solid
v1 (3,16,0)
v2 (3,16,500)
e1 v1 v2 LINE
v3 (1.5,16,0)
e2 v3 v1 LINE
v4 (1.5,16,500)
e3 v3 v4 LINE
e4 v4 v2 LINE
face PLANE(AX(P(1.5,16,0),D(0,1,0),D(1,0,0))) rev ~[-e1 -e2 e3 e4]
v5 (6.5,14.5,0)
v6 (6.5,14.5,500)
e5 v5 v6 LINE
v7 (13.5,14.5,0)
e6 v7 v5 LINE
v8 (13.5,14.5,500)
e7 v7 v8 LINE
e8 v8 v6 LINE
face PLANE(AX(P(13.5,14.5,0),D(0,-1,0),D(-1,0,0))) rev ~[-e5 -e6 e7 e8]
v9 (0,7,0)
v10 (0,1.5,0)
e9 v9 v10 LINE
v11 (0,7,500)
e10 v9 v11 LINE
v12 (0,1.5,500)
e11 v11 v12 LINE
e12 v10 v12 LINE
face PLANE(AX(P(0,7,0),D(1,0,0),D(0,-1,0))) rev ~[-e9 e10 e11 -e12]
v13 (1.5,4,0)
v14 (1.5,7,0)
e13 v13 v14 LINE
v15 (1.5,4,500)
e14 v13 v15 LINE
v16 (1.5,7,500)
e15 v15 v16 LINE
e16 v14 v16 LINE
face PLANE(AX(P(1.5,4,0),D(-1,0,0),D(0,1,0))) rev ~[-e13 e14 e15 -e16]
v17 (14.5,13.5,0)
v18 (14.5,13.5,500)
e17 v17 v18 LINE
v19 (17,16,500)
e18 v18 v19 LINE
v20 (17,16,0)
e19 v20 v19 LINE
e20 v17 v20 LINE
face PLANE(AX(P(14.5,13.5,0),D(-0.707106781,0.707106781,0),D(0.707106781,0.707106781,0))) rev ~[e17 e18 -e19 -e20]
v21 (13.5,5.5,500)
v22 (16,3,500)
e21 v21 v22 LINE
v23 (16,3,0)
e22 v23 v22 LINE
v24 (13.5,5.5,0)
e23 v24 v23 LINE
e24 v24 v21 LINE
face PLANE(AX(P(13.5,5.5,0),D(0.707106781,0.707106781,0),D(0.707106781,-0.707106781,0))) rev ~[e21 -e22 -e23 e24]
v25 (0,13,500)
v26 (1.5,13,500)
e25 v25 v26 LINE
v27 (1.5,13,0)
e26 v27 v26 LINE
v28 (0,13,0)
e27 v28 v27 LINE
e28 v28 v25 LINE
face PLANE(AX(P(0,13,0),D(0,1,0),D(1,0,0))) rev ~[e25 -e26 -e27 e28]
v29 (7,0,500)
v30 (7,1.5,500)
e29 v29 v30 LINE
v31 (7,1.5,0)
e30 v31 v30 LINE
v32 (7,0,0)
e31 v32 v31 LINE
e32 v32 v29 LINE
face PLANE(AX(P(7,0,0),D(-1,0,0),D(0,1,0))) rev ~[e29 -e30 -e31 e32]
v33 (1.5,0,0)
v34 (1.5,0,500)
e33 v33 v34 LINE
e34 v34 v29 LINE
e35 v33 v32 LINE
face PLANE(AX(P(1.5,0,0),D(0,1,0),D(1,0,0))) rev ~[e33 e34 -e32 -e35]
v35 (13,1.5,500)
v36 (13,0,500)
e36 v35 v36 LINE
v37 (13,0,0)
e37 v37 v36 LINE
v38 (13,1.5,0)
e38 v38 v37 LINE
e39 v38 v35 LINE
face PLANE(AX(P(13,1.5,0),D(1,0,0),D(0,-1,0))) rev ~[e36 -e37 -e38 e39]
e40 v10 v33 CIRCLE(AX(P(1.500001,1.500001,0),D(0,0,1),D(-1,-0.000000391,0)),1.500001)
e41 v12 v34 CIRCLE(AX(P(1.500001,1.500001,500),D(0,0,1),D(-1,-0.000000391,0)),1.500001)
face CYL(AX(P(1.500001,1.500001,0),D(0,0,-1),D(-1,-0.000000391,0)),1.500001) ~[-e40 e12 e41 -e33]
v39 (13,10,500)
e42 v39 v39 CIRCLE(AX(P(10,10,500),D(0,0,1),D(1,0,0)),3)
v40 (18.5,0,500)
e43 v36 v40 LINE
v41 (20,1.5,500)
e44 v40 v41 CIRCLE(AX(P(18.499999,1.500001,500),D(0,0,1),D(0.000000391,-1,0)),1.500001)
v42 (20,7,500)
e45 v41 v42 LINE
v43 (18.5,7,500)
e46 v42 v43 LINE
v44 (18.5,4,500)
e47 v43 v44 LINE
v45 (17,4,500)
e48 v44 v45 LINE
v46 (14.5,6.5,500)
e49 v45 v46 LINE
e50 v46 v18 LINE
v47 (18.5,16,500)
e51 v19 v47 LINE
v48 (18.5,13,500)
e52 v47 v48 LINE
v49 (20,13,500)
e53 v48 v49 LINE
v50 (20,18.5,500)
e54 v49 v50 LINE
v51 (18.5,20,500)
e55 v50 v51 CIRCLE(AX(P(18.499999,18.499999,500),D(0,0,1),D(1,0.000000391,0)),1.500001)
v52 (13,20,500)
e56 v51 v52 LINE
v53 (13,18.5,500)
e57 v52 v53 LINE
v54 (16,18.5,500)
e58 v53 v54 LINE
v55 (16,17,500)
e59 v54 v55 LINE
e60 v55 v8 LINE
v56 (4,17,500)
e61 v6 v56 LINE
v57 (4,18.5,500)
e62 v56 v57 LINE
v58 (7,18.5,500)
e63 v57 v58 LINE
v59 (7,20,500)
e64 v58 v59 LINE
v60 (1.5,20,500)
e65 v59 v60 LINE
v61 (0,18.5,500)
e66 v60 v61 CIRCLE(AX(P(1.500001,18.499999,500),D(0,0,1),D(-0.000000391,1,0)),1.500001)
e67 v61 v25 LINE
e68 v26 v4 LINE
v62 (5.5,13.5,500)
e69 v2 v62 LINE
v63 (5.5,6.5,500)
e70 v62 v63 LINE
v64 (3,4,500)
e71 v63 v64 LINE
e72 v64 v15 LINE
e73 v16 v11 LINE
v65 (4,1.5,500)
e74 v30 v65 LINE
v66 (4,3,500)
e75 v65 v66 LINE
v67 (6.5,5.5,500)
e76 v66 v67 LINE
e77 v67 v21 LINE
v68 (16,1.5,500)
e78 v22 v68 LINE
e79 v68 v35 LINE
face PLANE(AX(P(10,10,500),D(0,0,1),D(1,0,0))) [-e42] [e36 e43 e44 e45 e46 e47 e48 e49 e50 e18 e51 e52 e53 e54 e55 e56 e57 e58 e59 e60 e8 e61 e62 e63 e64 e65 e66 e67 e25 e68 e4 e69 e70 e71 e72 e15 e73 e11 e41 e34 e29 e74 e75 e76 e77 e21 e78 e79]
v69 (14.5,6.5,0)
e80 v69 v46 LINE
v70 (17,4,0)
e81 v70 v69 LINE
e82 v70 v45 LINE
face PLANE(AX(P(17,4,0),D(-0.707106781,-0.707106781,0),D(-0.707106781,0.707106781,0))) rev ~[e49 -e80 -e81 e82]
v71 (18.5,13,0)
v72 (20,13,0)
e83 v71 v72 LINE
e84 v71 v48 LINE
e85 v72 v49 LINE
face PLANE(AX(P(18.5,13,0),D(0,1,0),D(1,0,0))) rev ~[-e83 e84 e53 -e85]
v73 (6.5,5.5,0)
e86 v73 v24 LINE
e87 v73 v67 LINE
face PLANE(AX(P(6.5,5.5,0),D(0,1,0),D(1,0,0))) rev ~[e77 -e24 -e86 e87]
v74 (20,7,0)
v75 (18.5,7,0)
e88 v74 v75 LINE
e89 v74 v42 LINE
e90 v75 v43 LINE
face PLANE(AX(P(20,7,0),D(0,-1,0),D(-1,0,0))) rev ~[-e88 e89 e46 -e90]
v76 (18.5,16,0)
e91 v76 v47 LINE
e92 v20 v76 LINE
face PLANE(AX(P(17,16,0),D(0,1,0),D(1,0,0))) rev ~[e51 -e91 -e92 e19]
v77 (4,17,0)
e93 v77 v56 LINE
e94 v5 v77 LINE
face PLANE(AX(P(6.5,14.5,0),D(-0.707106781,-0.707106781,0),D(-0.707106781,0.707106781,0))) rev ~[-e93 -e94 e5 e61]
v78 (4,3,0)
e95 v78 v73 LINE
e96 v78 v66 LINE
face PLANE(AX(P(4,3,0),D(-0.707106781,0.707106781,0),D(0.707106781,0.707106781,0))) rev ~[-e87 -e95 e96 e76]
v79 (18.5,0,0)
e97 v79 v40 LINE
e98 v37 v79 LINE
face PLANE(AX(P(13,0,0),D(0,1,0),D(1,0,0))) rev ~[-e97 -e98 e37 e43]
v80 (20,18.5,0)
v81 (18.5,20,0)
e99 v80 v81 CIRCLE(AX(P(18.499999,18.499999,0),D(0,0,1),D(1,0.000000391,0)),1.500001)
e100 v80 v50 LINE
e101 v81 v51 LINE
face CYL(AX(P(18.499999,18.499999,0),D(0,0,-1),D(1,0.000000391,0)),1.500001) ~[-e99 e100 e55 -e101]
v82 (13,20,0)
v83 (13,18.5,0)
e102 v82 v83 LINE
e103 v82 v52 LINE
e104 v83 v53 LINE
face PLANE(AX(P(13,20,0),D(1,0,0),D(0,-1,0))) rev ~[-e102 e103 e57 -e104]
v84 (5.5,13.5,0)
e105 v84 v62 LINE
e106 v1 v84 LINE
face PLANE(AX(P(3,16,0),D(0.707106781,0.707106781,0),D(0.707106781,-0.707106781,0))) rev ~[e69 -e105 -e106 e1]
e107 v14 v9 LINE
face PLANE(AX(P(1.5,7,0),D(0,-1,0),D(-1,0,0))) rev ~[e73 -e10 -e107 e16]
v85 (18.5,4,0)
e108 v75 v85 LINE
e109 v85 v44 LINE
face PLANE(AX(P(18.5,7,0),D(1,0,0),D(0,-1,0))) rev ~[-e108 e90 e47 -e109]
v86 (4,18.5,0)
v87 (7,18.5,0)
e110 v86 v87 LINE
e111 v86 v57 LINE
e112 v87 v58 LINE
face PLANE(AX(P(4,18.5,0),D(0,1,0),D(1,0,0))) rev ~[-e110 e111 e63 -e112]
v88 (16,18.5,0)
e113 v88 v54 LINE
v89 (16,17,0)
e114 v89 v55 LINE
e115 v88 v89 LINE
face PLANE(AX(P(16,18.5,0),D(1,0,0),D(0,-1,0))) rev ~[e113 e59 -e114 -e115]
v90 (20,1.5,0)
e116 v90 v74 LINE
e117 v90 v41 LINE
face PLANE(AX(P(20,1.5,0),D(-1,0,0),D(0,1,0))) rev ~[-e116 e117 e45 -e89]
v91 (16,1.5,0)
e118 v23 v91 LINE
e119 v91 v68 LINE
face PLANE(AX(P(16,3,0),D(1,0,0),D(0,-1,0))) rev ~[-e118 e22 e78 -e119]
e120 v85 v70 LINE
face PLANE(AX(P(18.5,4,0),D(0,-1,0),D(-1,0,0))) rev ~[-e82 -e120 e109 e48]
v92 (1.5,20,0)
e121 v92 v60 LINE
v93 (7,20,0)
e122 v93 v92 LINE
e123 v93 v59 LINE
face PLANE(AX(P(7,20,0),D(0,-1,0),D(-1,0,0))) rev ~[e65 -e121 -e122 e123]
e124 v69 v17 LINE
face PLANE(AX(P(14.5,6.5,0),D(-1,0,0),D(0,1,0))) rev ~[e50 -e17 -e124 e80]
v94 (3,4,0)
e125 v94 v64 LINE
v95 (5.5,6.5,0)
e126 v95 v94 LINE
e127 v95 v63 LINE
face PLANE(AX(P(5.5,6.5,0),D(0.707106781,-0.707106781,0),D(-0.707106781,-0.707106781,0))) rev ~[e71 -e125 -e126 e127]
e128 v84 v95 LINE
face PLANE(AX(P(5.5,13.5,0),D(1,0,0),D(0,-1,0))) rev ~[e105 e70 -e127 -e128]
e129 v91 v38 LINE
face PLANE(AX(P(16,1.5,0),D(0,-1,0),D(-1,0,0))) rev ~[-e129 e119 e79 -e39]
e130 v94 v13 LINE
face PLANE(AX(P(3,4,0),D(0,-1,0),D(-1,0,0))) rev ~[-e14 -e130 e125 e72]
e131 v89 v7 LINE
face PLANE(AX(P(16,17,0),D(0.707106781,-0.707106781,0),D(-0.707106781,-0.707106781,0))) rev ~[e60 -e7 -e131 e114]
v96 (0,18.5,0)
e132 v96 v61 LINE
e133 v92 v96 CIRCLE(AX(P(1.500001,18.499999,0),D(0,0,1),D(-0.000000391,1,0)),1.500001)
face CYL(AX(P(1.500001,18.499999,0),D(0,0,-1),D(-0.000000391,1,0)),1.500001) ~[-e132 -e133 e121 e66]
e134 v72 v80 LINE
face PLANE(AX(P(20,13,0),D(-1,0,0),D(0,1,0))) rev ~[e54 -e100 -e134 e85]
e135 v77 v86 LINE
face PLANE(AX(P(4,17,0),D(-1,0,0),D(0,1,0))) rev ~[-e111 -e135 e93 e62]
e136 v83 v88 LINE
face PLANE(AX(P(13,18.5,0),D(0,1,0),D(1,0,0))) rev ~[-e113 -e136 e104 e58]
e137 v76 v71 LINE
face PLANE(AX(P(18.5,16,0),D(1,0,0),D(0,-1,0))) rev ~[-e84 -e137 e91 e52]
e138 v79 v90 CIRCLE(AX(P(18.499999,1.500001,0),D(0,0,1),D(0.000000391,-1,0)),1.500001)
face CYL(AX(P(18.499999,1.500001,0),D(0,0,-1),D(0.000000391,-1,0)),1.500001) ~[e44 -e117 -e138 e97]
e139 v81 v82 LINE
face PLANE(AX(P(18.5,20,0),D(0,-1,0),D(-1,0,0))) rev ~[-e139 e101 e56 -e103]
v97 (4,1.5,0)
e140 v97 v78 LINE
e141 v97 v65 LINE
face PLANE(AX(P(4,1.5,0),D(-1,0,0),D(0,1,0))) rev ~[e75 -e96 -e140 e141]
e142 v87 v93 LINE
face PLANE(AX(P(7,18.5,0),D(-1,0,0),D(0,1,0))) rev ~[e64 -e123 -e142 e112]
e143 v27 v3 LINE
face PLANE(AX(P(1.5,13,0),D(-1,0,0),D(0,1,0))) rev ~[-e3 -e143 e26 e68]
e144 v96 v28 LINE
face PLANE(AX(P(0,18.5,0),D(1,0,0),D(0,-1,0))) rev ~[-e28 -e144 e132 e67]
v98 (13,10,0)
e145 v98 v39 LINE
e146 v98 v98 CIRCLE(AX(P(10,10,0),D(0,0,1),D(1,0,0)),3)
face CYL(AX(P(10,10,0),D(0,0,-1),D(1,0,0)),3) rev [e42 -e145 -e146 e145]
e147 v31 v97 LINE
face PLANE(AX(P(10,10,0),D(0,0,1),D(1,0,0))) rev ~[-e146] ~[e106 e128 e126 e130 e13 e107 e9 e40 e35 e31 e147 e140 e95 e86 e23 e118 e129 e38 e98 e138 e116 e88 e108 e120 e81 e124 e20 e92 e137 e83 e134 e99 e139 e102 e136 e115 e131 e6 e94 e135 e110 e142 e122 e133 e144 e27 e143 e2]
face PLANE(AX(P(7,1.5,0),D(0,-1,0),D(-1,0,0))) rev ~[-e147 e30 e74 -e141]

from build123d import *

# Parameters (mm, degrees)
F0_R     = 3
F1_DEPTH = 500


with BuildPart() as f1:
    # F0 (on Top) → F1 (new body)
    with BuildSketch(Plane.XY):
        with BuildLine():
            ThreePointArc((0, 1.5), (0.43934, 0.43934), (1.5, 0))
            Line((1.5, 0), (7, 0))
            Line((7, 0), (7, 1.5))
            Line((7, 1.5), (4, 1.5))
            Line((4, 1.5), (4, 3))
            Line((4, 3), (6.5, 5.5))
            Line((6.5, 5.5), (10, 5.5))
            Line((10, 5.5), (13.5, 5.5))
            Line((13.5, 5.5), (16, 3))
            Line((16, 3), (16, 1.5))
            Line((16, 1.5), (13, 1.5))
            Line((13, 1.5), (13, 0))
            Line((13, 0), (18.5, 0))
            ThreePointArc((18.5, 0), (19.56066, 0.43934), (20, 1.5))
            Line((20, 1.5), (20, 7))
            Line((20, 7), (18.5, 7))
            Line((18.5, 7), (18.5, 4))
            Line((18.5, 4), (17, 4))
            Line((17, 4), (14.5, 6.5))
            Line((14.5, 6.5), (14.5, 10))
            Line((14.5, 10), (14.5, 13.5))
            Line((14.5, 13.5), (17, 16))
            Line((17, 16), (18.5, 16))
            Line((18.5, 16), (18.5, 13))
            Line((18.5, 13), (20, 13))
            Line((20, 13), (20, 18.5))
            ThreePointArc((20, 18.5), (19.56066, 19.56066), (18.5, 20))
            Line((18.5, 20), (13, 20))
            Line((13, 20), (13, 18.5))
            Line((13, 18.5), (16, 18.5))
            Line((16, 18.5), (16, 17))
            Line((16, 17), (13.5, 14.5))
            Line((13.5, 14.5), (10, 14.5))
            Line((10, 14.5), (6.5, 14.5))
            Line((6.5, 14.5), (4, 17))
            Line((4, 17), (4, 18.5))
            Line((4, 18.5), (7, 18.5))
            Line((7, 18.5), (7, 20))
            Line((7, 20), (1.5, 20))
            ThreePointArc((1.5, 20), (0.43934, 19.56066), (0, 18.5))
            Line((0, 18.5), (0, 13))
            Line((0, 13), (1.5, 13))
            Line((1.5, 13), (1.5, 16))
            Line((1.5, 16), (3, 16))
            Line((3, 16), (5.5, 13.5))
            Line((5.5, 13.5), (5.5, 10))
            Line((5.5, 10), (5.5, 6.5))
            Line((5.5, 6.5), (3, 4))
            Line((3, 4), (1.5, 4))
            Line((1.5, 4), (1.5, 7))
            Line((1.5, 7), (0, 7))
            Line((0, 7), (0, 1.5))
        make_face()
        with Locations((10, 10)):
            Circle(F0_R, mode=Mode.SUBTRACT)
    extrude(amount=F1_DEPTH)


solid = f1.part
